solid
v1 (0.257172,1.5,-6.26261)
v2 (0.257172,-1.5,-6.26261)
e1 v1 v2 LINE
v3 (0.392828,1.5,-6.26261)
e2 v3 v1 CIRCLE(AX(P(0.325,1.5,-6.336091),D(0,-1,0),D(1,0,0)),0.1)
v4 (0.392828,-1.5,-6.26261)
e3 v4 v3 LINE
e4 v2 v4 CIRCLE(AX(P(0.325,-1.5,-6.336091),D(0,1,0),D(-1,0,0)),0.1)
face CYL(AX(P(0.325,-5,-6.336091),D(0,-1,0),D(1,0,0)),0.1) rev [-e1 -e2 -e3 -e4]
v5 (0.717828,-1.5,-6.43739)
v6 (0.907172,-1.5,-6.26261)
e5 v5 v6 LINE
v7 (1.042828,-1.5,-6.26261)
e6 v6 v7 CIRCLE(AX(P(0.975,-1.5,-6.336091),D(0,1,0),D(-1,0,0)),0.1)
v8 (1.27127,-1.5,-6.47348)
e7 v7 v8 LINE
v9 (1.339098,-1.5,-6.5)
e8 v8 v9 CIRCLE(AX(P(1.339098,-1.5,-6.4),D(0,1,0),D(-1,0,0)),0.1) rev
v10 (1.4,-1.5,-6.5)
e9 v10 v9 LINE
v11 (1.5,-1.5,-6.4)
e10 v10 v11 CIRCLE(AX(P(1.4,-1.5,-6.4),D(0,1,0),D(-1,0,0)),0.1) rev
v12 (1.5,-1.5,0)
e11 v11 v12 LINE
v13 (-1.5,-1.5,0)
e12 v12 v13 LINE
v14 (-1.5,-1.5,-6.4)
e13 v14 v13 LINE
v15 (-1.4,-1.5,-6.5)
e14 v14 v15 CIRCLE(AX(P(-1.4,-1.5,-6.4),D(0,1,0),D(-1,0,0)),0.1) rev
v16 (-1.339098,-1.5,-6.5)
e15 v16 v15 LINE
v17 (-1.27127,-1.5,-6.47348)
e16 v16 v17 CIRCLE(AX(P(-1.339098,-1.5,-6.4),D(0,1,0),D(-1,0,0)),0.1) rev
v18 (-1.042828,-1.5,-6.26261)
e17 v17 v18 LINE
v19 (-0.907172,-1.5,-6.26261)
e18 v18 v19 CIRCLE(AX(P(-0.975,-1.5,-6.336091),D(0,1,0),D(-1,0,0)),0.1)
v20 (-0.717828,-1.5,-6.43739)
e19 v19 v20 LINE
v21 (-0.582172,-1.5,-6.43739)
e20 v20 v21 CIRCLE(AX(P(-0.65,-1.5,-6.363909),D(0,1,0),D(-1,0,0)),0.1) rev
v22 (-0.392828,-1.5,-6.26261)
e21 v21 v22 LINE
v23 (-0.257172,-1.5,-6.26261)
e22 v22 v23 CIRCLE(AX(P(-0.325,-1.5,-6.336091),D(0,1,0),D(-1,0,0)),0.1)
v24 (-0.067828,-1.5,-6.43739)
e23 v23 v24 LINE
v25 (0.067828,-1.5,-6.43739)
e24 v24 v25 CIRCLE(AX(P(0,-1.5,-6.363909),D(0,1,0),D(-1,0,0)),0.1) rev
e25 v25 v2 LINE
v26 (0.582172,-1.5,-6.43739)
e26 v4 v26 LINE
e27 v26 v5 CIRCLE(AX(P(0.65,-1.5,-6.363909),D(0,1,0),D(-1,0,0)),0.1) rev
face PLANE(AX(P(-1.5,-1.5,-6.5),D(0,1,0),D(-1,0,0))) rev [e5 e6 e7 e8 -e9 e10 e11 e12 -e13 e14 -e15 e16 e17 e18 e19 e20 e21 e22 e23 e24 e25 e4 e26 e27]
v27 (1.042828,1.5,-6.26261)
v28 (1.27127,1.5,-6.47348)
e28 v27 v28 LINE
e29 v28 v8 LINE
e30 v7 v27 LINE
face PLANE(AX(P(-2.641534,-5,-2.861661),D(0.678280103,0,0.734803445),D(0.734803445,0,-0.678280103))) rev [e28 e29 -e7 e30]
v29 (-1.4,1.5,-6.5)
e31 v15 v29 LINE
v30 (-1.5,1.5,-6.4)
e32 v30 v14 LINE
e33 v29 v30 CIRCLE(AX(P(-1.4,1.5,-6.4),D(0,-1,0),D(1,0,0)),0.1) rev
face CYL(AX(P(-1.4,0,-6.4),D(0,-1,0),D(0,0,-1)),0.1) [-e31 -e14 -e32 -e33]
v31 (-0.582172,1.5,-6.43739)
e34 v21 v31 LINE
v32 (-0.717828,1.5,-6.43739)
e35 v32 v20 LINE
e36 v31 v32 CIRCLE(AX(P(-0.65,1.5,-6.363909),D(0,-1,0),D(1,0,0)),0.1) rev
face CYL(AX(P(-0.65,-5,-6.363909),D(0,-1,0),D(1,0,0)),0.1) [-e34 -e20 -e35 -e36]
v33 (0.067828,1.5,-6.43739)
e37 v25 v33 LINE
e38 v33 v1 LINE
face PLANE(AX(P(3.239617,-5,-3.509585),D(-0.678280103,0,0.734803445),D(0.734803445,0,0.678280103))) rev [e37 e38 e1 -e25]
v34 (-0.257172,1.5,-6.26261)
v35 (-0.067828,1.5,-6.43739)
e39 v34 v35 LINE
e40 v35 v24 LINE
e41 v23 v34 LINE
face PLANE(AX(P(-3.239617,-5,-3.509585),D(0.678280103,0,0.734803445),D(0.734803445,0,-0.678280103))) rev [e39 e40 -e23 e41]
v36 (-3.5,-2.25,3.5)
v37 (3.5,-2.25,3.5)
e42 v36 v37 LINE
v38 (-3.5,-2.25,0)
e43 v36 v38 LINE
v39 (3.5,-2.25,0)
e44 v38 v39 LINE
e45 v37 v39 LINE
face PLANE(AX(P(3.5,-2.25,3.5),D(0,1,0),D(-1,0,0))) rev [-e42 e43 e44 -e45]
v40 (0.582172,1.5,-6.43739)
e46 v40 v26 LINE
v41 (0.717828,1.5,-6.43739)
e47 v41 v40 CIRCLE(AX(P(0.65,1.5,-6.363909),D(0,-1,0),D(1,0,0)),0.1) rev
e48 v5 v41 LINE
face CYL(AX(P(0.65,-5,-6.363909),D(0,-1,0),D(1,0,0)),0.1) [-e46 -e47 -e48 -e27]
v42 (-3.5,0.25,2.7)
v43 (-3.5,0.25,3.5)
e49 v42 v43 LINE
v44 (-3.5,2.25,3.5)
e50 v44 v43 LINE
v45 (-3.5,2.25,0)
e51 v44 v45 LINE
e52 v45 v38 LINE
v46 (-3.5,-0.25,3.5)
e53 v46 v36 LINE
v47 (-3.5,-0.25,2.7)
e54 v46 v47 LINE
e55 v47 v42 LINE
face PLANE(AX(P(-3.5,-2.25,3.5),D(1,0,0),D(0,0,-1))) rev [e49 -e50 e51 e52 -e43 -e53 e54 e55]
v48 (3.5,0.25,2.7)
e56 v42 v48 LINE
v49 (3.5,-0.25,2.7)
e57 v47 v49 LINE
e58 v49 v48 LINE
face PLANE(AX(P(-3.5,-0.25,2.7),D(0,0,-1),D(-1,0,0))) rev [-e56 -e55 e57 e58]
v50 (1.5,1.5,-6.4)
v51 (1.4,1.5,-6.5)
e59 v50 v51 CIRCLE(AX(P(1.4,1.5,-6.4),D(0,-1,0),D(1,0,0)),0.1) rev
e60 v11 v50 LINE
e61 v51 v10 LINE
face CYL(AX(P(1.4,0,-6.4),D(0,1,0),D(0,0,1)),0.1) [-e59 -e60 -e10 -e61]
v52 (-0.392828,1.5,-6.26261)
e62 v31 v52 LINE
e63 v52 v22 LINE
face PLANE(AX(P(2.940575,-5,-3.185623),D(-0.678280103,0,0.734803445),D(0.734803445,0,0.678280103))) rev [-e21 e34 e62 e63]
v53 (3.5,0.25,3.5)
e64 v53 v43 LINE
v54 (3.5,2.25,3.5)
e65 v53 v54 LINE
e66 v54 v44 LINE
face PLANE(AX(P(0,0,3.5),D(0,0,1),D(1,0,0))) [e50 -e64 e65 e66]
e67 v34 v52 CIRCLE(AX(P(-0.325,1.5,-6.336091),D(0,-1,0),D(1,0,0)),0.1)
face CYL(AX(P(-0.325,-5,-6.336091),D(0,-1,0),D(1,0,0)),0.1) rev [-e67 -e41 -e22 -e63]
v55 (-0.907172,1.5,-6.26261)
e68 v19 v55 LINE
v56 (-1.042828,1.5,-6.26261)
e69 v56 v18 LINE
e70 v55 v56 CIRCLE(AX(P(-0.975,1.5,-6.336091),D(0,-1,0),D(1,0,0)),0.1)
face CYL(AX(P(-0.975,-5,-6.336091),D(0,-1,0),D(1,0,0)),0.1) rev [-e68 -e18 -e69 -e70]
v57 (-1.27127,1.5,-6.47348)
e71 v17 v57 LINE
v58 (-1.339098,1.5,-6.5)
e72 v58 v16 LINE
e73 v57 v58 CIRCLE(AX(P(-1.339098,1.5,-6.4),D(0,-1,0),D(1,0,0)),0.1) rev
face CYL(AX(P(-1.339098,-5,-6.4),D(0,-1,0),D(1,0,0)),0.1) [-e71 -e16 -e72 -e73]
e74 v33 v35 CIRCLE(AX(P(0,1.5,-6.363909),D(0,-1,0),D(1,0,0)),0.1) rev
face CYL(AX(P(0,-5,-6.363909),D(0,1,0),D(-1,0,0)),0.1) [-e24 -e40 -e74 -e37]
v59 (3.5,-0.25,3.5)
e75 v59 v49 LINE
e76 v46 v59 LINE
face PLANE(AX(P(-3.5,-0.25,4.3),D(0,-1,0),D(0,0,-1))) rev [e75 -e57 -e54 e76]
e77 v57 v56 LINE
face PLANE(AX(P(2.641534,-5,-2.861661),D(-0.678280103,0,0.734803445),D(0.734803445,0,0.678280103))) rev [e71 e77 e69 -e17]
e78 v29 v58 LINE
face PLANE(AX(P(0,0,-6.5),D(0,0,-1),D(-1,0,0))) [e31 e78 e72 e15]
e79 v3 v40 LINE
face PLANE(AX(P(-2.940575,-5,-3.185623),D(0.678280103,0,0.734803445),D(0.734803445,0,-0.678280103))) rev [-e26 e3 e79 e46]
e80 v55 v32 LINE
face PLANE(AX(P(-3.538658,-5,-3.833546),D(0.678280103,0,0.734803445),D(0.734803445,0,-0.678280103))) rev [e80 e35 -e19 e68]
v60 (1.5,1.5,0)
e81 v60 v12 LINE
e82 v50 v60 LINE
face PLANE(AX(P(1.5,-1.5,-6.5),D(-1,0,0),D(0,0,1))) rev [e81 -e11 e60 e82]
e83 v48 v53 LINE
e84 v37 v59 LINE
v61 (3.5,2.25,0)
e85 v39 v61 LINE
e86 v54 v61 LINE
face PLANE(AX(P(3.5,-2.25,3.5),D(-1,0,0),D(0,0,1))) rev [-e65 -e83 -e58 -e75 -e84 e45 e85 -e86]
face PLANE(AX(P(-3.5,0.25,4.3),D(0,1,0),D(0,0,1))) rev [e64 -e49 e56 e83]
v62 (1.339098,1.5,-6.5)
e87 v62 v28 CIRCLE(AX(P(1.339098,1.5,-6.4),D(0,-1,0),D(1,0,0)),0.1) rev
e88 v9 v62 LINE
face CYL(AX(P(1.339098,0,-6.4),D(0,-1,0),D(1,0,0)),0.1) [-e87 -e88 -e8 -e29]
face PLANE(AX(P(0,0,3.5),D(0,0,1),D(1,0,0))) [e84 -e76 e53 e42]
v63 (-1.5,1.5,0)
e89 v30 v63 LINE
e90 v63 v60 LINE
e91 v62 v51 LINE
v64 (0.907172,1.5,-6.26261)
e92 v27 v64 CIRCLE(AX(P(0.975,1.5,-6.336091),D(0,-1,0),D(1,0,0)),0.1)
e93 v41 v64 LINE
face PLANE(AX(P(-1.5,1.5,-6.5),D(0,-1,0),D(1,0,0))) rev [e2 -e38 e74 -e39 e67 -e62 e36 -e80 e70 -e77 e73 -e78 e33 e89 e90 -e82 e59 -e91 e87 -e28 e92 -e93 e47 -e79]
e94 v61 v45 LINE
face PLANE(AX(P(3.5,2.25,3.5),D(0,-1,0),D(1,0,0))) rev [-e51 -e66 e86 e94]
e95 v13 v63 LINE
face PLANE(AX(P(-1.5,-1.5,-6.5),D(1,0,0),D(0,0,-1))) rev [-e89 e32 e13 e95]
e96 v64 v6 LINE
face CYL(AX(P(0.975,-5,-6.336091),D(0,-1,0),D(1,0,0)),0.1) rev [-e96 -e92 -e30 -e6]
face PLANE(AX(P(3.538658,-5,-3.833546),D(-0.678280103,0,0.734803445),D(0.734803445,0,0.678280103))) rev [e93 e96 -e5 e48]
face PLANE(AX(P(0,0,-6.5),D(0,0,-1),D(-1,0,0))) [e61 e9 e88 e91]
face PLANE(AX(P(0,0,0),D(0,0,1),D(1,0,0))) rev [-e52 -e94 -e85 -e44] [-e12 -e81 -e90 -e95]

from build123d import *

# Parameters (mm, degrees)
SKETCH_1_W          = 7
SKETCH_1_H          = 4.5
EXTRUDE_1_DEPTH     = 3.5
SKETCH_3_W          = 3
SKETCH_3_H          = 3
EXTRUDE_2_DEPTH     = 6.5
SKETCH_4_W          = 1.6
SKETCH_4_H          = 0.5
CUT_EXTRUDE_1_DEPTH = 10.813893213
CUT_EXTRUDE_2_DEPTH = 6.5
FILLET_1_R          = 0.1


with BuildPart() as part:
    # 草图1 → 凸台-拉伸1 (new body)
    with BuildSketch(Plane.XY):
        Rectangle(SKETCH_1_W, SKETCH_1_H)
    extrude(amount=EXTRUDE_1_DEPTH)

    # 草图3 → 凸台-拉伸2 (add)
    with BuildSketch(Plane(origin=(0, 0, 0), x_dir=(-1, 0, 0), z_dir=(0, 0, -1))):
        Rectangle(SKETCH_3_W, SKETCH_3_H)
    extrude(amount=EXTRUDE_2_DEPTH)

    # 草图4 → 切除-拉伸1 (cut, through all)
    with BuildSketch(Plane(origin=(3.5, 0, 0), x_dir=(0, 0, -1), z_dir=(1, 0, 0))):
        with Locations((-3.5, 0)):
            Rectangle(SKETCH_4_W, SKETCH_4_H)
    extrude(amount=-CUT_EXTRUDE_1_DEPTH, mode=Mode.SUBTRACT)

    # 草图5 → 切除-拉伸2 (cut)
    with BuildSketch(Plane(origin=(0, 1.5, 0), x_dir=(1, 0, 0), z_dir=(0, 1, 0))):
        Polygon((-0.65, 6.5), (-1.3, 6.5), (-0.975, 6.2), align=None)
        Polygon((0, 6.5), (-0.65, 6.5), (-0.325, 6.2), align=None)
        Polygon((0.65, 6.5), (0, 6.5), (0.325, 6.2), align=None)
        Polygon((1.3, 6.5), (0.65, 6.5), (0.975, 6.2), align=None)
    extrude(amount=-CUT_EXTRUDE_2_DEPTH, mode=Mode.SUBTRACT)

    # 圆角1
    fillet_1_edges = [part.edges().sort_by_distance(p)[0] for p in [
        (1.5, 0, -6.5),
        (-1.5, 0, -6.5),
        (0.65, 0, -6.5),
        (0, 0, -6.5),
        (-0.65, 0, -6.5),
        (-1.3, 0, -6.5),
        (-0.975, 0, -6.2),
        (0.325, 0, -6.2),
        (-0.325, 0, -6.2),
        (1.3, 0, -6.5),
        (0.975, 0, -6.2),
    ]]
    fillet(fillet_1_edges, radius=FILLET_1_R)


solid = part.part
